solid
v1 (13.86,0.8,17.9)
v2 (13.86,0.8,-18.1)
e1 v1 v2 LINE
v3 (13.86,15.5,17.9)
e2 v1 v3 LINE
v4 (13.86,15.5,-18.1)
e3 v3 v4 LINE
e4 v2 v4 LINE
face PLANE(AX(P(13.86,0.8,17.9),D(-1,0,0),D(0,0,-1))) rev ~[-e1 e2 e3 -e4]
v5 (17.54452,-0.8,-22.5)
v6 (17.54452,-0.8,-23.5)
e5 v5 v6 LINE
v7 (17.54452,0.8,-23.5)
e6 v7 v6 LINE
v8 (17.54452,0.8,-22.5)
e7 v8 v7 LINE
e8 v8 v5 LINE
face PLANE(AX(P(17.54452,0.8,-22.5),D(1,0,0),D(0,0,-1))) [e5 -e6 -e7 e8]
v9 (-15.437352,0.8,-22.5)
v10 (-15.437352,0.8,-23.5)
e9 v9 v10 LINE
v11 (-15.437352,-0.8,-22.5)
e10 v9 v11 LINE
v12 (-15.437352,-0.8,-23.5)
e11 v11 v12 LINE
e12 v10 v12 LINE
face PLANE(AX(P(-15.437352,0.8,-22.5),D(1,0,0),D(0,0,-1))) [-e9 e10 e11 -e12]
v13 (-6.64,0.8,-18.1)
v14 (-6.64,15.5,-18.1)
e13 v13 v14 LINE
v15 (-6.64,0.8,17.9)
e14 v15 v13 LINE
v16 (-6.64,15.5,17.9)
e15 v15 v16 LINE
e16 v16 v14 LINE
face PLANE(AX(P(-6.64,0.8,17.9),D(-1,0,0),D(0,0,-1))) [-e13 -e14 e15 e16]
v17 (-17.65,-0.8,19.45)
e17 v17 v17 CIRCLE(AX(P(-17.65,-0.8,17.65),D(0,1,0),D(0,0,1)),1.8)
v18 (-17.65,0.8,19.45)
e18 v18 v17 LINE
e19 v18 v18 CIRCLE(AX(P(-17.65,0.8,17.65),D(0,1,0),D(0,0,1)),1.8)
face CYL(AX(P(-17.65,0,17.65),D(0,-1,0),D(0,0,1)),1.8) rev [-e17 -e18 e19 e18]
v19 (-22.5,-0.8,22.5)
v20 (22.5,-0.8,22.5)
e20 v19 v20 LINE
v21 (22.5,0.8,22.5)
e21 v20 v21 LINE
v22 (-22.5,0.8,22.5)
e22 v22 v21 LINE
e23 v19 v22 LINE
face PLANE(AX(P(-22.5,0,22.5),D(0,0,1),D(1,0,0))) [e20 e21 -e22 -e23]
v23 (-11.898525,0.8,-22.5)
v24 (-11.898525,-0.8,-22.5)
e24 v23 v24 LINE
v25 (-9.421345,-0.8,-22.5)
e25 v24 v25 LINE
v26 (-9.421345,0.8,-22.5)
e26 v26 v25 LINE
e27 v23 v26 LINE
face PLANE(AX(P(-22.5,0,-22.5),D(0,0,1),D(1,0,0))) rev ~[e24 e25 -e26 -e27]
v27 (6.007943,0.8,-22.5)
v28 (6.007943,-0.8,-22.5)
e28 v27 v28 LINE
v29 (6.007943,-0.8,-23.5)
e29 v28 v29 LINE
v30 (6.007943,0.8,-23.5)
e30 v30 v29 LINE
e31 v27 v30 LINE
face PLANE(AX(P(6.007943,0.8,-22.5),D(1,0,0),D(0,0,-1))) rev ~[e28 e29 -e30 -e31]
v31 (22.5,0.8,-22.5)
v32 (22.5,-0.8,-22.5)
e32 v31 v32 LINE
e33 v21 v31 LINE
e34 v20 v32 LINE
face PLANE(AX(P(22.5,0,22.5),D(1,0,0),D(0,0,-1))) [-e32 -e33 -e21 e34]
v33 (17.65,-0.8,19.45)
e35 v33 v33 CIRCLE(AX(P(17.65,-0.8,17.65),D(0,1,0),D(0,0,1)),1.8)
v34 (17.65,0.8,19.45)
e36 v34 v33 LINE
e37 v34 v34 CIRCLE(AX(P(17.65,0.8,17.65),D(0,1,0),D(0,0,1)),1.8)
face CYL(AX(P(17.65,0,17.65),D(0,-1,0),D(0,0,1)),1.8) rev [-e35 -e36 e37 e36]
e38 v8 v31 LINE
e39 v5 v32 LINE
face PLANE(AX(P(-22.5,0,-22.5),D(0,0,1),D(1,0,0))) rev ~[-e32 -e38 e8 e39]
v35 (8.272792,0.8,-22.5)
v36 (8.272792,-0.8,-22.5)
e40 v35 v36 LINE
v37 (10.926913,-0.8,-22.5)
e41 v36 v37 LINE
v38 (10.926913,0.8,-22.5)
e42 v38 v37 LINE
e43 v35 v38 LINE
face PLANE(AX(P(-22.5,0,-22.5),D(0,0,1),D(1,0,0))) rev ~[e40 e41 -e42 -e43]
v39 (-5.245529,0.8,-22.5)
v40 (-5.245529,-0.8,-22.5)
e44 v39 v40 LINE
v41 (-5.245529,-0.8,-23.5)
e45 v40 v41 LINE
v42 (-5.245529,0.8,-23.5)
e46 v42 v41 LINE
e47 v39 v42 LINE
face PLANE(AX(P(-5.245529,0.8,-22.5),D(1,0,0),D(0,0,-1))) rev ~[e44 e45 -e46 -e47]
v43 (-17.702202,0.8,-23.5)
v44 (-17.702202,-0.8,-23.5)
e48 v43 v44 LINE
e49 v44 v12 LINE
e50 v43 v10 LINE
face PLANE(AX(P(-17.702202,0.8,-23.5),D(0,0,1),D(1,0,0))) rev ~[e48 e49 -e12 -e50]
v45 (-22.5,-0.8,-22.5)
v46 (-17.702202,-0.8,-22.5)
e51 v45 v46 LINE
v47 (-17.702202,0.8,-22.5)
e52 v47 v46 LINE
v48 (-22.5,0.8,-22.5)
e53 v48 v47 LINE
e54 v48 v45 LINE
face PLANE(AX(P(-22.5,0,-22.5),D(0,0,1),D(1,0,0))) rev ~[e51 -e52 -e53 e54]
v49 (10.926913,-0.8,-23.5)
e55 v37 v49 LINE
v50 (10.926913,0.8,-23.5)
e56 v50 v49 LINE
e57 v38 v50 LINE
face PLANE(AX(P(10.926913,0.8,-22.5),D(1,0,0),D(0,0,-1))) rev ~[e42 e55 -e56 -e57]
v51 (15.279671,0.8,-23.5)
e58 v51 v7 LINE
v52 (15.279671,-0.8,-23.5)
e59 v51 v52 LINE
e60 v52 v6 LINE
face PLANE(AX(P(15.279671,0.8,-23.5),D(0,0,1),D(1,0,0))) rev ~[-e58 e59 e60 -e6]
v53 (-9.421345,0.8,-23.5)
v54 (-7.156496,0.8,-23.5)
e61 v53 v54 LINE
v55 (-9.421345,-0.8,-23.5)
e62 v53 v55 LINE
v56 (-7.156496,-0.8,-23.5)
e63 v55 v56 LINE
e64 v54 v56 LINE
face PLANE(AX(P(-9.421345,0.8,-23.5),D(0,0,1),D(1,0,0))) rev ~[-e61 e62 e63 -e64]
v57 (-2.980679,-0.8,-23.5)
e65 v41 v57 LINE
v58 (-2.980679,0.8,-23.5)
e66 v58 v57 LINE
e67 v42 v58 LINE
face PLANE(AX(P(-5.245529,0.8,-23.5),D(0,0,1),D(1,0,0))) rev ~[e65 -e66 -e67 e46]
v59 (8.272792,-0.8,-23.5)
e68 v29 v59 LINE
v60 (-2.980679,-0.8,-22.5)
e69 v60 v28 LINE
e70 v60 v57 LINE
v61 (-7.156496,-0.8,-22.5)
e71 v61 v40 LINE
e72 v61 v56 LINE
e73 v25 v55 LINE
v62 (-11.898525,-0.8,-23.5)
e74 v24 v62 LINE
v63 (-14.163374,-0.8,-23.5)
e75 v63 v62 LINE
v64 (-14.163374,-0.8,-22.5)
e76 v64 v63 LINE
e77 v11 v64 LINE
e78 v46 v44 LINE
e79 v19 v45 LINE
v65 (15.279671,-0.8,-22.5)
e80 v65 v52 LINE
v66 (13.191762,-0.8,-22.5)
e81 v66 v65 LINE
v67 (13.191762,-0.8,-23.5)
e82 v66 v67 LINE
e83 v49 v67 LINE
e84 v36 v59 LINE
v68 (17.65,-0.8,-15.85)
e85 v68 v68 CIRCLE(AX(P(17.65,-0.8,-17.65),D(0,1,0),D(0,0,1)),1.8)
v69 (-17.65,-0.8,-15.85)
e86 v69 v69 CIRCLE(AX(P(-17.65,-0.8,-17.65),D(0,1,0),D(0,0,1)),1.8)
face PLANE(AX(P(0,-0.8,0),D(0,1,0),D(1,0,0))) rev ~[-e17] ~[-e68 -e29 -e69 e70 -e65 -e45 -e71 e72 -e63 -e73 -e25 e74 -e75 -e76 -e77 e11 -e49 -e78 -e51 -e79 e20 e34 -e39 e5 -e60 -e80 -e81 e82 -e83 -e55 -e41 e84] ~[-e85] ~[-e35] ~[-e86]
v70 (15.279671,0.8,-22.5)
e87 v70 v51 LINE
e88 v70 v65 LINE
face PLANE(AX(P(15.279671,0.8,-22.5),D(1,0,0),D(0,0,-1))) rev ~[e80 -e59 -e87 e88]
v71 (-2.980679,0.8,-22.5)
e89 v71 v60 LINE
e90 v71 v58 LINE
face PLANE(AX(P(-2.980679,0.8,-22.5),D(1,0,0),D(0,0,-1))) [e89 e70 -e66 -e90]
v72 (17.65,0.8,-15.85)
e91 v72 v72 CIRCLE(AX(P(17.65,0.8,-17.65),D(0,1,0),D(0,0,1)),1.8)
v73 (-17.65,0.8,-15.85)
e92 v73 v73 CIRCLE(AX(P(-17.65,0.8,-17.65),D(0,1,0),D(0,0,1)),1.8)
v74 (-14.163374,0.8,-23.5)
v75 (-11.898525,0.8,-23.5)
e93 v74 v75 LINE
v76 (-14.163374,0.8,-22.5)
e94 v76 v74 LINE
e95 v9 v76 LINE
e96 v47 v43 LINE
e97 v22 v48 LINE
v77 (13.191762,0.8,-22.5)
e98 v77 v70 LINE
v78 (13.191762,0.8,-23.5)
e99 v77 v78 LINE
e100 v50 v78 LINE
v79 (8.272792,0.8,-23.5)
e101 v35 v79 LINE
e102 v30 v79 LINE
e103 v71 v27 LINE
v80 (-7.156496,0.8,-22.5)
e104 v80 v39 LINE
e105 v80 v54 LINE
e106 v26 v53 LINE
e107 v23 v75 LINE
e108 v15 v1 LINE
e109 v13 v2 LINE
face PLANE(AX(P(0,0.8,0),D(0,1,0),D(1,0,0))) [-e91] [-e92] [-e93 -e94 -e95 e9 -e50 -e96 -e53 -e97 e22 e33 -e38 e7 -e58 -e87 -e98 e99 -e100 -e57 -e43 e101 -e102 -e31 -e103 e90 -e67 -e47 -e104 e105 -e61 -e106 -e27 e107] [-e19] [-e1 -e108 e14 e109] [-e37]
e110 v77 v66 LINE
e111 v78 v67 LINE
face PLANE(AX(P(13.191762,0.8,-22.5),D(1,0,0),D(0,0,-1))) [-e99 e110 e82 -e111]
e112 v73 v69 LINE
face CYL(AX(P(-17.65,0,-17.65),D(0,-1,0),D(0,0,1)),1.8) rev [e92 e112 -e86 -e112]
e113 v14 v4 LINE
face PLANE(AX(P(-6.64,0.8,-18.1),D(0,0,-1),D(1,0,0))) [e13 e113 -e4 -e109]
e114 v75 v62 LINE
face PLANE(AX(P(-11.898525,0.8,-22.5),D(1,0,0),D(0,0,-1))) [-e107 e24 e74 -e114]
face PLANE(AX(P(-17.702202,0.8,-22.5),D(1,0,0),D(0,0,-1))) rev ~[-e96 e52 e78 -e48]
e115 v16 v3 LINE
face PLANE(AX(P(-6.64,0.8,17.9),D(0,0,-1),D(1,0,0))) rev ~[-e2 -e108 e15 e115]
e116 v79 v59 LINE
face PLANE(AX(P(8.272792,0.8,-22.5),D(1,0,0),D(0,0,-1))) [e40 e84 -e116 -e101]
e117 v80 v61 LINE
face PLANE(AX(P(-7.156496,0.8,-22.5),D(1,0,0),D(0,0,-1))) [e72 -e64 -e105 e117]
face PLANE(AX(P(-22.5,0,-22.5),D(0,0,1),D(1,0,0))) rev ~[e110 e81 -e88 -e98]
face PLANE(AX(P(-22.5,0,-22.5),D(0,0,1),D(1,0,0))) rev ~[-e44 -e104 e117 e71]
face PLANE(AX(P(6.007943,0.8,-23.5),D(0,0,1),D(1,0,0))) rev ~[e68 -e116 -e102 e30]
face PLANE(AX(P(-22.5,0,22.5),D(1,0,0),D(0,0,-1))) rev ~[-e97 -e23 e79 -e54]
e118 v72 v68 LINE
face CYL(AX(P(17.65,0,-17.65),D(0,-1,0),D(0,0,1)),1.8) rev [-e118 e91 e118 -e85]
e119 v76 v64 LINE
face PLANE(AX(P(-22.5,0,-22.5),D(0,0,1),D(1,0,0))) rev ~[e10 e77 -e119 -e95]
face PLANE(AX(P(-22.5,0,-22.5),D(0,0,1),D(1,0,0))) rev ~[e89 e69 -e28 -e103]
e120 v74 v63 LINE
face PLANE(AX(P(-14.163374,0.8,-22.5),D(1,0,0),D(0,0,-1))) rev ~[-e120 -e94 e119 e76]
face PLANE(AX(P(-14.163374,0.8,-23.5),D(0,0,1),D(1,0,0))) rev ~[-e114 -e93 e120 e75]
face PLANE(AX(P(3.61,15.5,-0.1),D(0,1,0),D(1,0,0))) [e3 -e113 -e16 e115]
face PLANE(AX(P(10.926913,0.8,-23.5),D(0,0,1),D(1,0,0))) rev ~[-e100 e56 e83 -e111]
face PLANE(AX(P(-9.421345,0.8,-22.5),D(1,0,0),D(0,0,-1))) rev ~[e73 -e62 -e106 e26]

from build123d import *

# Parameters (mm, degrees)
SKETCH1_W           = 45
SKETCH1_H           = 45
SKETCH1_R           = 1.8
BOSS_EXTRUDE1_DEPTH = 0.8
SKETCH2_W           = 2.26484959
SKETCH2_H           = 1
SKETCH2_W_2         = 2.264849589
BOSS_EXTRUDE2_DEPTH = 1.6
SKETCH3_W           = 20.5
SKETCH3_H           = 36
SPARK_CORE_DEPTH    = 14.7


with BuildPart() as part:
    # Sketch1 → Boss-Extrude1 (new, symmetric)
    with BuildSketch(Plane(origin=(0, 0, 0), x_dir=(1, 0, 0), z_dir=(0, 1, 0))):
        Rectangle(SKETCH1_W, SKETCH1_H)
        with Locations(Location((-17.65, 17.65, 0), (0, 0, 270))):
            Circle(SKETCH1_R, mode=Mode.SUBTRACT)
        with Locations(Location((17.65, 17.65, 0), (0, 0, 270))):
            Circle(SKETCH1_R, mode=Mode.SUBTRACT)
        with Locations(Location((17.65, -17.65, 0), (0, 0, 270))):
            Circle(SKETCH1_R, mode=Mode.SUBTRACT)
        with Locations(Location((-17.65, -17.65, 0), (0, 0, 270))):
            Circle(SKETCH1_R, mode=Mode.SUBTRACT)
    extrude(amount=BOSS_EXTRUDE1_DEPTH, both=True)

    # Sketch2 → Boss-Extrude2 (add)
    with BuildSketch(Plane(origin=(0, 0.8, 0), x_dir=(1, 0, 0), z_dir=(0, 1, 0))):
        with Locations((-16.569776824, 23)):
            Rectangle(SKETCH2_W, SKETCH2_H)
        with Locations((-13.030949341, 23)):
            Rectangle(SKETCH2_W_2, SKETCH2_H)
        with Locations((-8.288920513, 23)):
            Rectangle(SKETCH2_W, SKETCH2_H)
        with Locations((-4.113104082, 23)):
            Rectangle(SKETCH2_W_2, SKETCH2_H)
        with Locations((7.140367316, 23)):
            Rectangle(SKETCH2_W_2, SKETCH2_H)
        with Locations((12.059337518, 23)):
            Rectangle(SKETCH2_W_2, SKETCH2_H)
        with Locations((16.412095322, 23)):
            Rectangle(SKETCH2_W, SKETCH2_H)
    extrude(amount=-BOSS_EXTRUDE2_DEPTH)

    # Sketch3 → Spark Core (add)
    with BuildSketch(Plane(origin=(0, 0.8, 0), x_dir=(1, 0, 0), z_dir=(0, 1, 0))):
        with Locations((3.61, 0.1)):
            Rectangle(SKETCH3_W, SKETCH3_H)
    extrude(amount=SPARK_CORE_DEPTH)


solid = part.part
